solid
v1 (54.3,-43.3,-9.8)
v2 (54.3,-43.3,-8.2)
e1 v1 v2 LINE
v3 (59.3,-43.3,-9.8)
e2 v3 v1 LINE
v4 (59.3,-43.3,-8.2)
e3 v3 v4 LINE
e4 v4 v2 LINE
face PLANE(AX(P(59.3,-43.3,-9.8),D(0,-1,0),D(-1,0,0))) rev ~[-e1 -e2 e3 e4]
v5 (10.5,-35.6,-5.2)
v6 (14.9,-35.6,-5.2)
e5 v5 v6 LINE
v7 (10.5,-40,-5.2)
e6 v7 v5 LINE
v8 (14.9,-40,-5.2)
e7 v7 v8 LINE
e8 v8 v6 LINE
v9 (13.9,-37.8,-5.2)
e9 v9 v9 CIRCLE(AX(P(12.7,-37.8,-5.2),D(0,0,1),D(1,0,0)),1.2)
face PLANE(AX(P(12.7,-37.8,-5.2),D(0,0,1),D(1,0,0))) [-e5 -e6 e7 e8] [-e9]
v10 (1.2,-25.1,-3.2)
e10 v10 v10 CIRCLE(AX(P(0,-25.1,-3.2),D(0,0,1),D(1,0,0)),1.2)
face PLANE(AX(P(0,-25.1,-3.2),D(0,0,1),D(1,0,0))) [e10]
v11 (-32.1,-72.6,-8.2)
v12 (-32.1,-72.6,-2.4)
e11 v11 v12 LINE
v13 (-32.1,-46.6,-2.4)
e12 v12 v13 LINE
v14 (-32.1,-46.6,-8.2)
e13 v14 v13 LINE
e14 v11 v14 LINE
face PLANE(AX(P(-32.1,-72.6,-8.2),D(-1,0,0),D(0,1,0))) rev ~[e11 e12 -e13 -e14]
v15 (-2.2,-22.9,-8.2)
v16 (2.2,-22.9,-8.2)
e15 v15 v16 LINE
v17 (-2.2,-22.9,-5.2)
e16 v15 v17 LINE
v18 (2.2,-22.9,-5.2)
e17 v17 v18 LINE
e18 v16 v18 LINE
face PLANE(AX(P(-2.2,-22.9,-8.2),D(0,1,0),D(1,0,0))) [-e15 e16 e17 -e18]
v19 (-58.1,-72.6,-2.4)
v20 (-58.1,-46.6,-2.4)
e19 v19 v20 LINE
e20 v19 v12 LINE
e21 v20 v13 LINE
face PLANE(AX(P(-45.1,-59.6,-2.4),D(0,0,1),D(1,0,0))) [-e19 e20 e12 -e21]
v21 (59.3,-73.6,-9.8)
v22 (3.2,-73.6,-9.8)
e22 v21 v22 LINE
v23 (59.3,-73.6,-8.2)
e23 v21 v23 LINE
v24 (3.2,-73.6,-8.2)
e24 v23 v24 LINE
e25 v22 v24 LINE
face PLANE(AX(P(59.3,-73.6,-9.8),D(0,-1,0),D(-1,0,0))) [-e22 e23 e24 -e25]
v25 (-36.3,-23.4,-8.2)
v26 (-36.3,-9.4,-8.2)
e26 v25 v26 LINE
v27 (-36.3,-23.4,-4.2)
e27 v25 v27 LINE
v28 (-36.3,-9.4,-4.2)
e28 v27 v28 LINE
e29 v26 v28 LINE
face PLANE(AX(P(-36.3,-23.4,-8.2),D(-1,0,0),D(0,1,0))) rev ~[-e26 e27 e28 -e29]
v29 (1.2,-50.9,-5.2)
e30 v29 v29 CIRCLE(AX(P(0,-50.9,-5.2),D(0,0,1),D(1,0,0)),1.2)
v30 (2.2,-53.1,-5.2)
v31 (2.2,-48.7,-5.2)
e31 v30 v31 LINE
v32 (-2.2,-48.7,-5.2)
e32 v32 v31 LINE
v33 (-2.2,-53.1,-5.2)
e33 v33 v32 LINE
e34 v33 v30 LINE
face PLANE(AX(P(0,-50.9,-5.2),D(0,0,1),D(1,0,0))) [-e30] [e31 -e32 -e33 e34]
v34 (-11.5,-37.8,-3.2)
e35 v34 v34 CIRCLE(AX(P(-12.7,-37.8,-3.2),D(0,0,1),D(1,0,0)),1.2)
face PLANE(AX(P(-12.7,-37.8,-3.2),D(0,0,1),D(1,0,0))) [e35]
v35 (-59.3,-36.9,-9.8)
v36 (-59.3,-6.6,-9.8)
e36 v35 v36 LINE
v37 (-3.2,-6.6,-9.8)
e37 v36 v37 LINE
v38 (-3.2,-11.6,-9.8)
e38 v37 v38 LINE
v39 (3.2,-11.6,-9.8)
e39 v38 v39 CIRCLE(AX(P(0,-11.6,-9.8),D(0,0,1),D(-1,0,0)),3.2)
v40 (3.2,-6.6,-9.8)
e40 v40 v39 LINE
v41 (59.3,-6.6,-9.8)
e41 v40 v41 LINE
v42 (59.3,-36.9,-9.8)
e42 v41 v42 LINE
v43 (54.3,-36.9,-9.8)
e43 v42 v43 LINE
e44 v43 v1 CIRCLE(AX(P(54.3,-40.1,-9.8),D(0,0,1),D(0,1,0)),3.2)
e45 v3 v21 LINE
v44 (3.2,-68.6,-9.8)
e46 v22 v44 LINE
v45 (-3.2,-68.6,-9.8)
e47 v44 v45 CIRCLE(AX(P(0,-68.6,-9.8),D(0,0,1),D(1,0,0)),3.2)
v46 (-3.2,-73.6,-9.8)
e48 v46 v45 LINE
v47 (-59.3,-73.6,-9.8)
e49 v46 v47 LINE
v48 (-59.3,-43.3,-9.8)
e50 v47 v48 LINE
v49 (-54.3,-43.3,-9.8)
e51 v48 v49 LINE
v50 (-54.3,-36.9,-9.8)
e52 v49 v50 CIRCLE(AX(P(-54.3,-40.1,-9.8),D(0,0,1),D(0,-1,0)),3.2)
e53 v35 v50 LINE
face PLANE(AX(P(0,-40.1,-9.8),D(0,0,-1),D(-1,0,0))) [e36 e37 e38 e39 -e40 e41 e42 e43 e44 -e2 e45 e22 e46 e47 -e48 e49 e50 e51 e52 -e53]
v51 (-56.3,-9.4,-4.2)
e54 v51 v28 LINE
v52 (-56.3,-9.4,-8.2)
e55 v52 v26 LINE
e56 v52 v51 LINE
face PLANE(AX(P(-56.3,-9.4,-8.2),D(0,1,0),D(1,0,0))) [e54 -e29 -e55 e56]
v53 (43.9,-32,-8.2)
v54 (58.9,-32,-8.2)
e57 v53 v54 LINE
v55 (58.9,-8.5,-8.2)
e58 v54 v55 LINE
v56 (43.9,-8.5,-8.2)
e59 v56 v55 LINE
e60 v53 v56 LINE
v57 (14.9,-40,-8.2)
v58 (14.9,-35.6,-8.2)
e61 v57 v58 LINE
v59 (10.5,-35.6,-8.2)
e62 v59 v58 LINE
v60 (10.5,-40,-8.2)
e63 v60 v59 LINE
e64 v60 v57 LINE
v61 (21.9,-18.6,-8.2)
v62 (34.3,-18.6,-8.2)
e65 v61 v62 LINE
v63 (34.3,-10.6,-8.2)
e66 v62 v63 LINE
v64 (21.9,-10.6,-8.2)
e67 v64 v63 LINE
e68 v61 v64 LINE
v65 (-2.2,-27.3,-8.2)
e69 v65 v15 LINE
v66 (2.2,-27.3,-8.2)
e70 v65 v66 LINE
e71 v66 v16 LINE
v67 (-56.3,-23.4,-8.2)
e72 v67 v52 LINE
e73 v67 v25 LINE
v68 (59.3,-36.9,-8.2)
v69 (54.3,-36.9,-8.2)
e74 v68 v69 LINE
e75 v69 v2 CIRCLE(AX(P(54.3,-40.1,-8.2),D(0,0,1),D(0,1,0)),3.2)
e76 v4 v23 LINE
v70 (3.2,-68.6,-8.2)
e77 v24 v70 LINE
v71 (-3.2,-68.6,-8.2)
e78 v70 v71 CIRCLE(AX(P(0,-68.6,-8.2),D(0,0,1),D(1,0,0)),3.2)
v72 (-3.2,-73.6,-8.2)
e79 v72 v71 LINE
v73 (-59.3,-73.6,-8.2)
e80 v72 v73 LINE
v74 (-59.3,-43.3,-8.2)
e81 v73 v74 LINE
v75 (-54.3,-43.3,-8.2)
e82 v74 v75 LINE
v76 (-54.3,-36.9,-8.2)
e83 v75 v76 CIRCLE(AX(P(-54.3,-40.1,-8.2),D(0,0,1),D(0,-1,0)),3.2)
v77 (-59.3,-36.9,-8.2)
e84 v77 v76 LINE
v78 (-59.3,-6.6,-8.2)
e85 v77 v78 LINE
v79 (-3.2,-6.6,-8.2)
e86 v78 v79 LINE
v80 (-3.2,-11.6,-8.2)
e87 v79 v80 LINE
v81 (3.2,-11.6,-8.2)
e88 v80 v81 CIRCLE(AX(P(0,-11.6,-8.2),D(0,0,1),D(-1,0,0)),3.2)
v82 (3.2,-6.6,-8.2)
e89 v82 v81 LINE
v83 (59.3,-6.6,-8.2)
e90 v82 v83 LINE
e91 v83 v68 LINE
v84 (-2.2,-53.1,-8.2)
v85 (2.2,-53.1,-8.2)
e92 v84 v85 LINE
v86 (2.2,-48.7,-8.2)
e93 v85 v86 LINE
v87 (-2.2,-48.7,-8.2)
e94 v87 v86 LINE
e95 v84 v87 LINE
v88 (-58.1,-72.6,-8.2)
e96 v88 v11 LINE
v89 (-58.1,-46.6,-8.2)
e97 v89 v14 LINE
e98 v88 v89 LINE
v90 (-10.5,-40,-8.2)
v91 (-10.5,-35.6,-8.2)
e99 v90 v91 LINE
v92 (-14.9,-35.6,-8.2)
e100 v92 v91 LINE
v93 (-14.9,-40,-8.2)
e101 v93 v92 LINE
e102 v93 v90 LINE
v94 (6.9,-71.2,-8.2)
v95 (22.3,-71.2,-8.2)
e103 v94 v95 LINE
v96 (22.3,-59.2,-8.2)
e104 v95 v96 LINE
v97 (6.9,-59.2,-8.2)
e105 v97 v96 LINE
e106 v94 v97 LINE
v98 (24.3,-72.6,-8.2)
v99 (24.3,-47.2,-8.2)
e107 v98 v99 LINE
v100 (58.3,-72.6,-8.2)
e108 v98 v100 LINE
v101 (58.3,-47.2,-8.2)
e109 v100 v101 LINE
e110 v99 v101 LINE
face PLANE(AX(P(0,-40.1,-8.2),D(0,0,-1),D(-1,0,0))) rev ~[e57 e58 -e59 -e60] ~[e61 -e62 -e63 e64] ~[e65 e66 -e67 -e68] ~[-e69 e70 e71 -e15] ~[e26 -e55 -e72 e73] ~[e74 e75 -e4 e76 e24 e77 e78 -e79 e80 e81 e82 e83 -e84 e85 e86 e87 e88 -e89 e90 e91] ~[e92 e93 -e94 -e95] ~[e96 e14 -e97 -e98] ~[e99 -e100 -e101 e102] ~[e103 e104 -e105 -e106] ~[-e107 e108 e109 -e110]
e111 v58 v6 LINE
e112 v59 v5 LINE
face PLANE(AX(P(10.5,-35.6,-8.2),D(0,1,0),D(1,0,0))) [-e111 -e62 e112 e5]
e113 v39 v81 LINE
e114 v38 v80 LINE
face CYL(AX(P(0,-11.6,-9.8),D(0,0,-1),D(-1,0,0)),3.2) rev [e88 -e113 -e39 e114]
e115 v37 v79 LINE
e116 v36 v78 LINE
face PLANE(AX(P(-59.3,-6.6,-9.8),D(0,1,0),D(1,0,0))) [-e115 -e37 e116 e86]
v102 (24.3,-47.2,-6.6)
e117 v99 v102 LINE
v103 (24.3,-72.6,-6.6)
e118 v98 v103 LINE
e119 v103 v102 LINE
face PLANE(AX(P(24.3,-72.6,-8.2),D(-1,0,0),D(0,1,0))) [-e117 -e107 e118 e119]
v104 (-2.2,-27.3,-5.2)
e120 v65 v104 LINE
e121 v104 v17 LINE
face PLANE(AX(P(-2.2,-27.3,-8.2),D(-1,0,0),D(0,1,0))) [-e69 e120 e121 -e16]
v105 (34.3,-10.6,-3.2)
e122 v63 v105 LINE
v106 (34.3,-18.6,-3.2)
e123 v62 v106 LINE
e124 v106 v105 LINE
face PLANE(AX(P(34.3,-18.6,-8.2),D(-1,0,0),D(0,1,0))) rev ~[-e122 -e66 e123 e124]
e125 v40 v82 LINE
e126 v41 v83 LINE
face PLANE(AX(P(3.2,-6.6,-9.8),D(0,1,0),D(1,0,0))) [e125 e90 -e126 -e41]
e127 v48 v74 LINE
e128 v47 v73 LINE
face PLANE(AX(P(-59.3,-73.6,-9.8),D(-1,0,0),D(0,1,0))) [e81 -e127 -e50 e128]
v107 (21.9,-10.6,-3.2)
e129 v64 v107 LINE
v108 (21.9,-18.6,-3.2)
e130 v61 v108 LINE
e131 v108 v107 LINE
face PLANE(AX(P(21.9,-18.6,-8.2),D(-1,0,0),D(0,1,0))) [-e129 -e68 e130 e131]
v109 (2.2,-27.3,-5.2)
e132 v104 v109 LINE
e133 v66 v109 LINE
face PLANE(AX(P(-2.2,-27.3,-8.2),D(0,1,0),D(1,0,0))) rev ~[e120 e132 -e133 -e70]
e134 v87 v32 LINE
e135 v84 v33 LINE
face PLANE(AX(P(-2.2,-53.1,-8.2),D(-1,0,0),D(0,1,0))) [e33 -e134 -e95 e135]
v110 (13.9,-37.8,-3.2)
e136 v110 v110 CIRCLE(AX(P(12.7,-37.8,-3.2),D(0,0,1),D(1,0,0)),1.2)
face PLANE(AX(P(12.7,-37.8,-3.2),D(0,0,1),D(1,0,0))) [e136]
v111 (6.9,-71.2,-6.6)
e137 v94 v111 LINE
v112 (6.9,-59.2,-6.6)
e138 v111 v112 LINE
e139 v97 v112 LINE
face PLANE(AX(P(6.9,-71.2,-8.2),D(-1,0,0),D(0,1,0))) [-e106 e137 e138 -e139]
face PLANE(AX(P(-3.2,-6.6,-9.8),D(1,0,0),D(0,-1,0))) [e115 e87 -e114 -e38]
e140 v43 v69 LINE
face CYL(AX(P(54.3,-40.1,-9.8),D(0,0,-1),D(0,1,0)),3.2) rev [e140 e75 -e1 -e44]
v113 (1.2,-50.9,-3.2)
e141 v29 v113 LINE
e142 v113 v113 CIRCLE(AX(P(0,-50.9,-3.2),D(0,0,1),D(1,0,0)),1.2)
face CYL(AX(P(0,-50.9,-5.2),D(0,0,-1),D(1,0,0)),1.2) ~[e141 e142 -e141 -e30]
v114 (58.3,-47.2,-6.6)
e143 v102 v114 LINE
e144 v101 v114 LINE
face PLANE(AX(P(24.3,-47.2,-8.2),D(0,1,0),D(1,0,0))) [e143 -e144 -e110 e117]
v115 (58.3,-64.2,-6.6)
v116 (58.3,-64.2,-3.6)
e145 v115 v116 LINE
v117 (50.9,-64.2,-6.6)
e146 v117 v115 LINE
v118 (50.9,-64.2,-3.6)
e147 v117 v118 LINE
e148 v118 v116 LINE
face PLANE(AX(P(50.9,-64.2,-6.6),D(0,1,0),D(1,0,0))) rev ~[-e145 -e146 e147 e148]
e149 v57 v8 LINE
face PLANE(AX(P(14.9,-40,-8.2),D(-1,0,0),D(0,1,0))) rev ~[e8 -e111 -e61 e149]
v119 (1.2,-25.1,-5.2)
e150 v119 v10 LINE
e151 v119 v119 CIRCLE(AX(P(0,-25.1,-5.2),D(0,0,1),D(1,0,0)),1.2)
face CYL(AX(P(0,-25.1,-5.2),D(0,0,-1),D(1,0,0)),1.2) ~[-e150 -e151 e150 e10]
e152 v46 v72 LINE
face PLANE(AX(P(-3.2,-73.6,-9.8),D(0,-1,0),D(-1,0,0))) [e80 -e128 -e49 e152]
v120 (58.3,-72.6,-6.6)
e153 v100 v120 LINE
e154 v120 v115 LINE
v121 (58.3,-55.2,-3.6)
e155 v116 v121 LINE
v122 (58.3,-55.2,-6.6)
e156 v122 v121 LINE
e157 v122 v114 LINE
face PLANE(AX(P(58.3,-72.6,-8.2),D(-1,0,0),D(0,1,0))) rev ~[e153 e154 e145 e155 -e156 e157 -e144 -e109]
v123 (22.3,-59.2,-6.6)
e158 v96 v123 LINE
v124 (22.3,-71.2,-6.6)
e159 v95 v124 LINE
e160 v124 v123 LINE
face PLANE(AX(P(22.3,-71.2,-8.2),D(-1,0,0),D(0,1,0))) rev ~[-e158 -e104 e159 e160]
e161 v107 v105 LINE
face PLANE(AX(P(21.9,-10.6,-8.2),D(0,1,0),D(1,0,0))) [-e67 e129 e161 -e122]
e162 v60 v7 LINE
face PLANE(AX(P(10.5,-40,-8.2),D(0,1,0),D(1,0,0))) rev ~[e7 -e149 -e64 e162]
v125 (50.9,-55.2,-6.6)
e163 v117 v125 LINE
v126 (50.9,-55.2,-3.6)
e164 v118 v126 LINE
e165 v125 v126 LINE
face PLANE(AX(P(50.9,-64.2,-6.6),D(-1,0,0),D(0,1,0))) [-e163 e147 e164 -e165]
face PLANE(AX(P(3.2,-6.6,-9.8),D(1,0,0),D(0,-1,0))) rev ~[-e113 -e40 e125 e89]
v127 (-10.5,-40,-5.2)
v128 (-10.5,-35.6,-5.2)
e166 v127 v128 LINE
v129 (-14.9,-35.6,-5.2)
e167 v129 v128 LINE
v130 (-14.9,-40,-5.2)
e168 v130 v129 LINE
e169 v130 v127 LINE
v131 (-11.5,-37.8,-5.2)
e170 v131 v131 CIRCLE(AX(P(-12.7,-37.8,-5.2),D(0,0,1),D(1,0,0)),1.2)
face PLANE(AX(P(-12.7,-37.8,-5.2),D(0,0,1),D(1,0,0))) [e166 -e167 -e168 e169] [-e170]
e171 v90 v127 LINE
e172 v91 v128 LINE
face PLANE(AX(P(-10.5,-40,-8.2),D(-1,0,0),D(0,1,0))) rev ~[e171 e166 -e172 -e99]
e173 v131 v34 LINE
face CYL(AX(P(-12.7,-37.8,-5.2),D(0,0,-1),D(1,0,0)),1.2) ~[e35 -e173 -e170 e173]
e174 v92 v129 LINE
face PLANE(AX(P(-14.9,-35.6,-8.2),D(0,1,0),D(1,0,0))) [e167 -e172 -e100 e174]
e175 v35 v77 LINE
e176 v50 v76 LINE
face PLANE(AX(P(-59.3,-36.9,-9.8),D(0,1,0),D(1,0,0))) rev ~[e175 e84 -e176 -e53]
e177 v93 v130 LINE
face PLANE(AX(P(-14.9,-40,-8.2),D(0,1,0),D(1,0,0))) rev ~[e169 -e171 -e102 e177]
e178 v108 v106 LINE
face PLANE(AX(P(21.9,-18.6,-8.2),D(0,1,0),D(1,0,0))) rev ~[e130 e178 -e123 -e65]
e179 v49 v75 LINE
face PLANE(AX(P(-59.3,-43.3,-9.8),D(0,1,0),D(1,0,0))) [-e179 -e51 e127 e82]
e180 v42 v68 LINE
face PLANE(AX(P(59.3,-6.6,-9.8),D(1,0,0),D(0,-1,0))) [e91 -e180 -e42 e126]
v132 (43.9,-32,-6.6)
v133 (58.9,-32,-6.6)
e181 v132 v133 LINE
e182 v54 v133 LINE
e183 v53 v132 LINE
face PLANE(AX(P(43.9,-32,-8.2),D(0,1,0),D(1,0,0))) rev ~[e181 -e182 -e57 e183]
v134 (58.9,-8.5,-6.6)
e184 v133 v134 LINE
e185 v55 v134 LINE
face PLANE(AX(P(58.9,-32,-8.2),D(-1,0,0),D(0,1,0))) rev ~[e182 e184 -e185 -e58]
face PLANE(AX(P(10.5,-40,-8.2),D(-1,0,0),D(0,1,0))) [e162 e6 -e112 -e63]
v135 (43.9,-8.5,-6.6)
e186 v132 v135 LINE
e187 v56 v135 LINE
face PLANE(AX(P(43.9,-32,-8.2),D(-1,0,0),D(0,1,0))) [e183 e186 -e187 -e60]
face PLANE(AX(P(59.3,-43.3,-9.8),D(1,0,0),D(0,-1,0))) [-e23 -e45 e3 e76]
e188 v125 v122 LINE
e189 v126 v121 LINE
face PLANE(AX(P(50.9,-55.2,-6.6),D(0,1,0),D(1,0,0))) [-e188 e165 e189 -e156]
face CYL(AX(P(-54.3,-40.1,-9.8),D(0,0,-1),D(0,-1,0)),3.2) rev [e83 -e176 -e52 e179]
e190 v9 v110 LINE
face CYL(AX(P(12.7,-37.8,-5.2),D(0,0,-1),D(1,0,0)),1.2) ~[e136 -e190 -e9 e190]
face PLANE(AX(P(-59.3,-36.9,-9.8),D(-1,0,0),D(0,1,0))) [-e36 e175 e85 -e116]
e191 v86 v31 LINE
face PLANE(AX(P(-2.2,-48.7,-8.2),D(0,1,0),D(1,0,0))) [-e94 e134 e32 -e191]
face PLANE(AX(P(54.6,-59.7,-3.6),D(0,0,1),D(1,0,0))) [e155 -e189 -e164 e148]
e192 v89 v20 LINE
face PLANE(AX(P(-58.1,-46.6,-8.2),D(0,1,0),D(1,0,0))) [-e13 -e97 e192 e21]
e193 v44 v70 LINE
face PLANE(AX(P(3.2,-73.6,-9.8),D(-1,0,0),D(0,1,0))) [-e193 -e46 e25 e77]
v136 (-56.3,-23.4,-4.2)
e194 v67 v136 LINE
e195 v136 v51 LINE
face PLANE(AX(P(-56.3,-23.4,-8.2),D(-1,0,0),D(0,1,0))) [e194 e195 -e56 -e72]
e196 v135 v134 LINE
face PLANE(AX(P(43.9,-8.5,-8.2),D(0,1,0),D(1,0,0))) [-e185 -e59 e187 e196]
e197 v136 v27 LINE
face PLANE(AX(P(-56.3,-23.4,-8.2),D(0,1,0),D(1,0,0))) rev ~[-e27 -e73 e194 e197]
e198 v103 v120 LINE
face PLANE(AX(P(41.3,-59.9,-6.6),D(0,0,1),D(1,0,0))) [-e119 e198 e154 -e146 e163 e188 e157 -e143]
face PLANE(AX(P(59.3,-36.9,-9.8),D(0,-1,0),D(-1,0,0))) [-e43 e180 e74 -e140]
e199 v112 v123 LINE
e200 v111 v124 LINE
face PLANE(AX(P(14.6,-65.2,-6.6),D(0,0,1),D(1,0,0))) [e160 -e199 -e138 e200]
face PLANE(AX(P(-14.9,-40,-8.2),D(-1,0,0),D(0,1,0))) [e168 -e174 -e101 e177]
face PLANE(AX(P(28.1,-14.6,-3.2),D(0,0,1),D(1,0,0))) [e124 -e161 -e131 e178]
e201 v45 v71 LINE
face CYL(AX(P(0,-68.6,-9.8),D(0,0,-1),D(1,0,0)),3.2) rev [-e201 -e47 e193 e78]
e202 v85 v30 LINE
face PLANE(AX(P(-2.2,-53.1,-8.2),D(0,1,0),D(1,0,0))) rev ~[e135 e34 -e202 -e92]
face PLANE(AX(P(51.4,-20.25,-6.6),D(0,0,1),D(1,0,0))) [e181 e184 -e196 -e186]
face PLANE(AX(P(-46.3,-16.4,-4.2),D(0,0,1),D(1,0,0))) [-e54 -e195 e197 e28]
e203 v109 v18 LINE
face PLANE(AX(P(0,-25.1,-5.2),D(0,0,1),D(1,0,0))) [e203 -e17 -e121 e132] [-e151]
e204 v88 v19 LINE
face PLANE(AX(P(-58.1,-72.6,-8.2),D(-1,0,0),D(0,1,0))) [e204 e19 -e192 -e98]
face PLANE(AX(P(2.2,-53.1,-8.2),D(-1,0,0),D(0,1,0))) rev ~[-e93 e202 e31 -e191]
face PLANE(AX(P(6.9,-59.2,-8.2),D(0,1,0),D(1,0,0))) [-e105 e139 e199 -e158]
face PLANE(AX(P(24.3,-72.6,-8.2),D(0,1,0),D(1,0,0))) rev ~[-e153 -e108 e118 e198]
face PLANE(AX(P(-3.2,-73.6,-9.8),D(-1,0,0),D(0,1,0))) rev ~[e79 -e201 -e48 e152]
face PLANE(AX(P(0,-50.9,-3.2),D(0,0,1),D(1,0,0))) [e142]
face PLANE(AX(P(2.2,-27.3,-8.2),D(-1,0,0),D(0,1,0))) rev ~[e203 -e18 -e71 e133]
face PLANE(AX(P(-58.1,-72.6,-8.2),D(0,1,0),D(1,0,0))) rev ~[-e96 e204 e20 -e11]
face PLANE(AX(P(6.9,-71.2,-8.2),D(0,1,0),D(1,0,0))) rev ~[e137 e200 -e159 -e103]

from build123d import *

# Parameters (mm, degrees)
PAD010_DEPTH  = 1.6
SKETCH055_W   = 15.4
SKETCH055_H   = 12
SKETCH055_W_2 = 15
SKETCH055_H_2 = 23.5
SKETCH055_W_3 = 34
SKETCH055_H_3 = 25.4
PAD011_DEPTH  = 1.6
SKETCH056_W   = 26
SKETCH056_H   = 26
PAD012_DEPTH  = 5.8
SKETCH057_W   = 20
SKETCH057_H   = 14
PAD013_DEPTH  = 4
SKETCH058_W   = 12.4
SKETCH058_H   = 8
PAD014_DEPTH  = 5
SKETCH059_W   = 7.4
SKETCH059_H   = 9
PAD015_DEPTH  = 3
SKETCH060_W   = 4.4
SKETCH060_H   = 4.4
PAD016_DEPTH  = 3
SKETCH061_R   = 1.2
PAD017_DEPTH  = 2


with BuildPart() as part:
    # Sketch053 → Pad010 (new body)
    with BuildSketch(Plane.XY):
        with BuildLine():
            Line((-59.3, -6.6), (-3.2, -6.6))
            Line((-3.2, -6.6), (-3.2, -11.6))
            ThreePointArc((-3.2, -11.6), (0, -14.8), (3.2, -11.6))
            Line((3.2, -6.6), (3.2, -11.6))
            Line((3.2, -6.6), (59.3, -6.6))
            Line((59.3, -6.6), (59.3, -36.9))
            Line((59.3, -36.9), (54.3, -36.9))
            ThreePointArc((54.3, -36.9), (51.1, -40.1), (54.3, -43.3))
            Line((59.3, -43.3), (54.3, -43.3))
            Line((59.3, -43.3), (59.3, -73.6))
            Line((59.3, -73.6), (3.2, -73.6))
            Line((3.2, -73.6), (3.2, -68.6))
            ThreePointArc((3.2, -68.6), (0, -65.4), (-3.2, -68.6))
            Line((-3.2, -73.6), (-3.2, -68.6))
            Line((-3.2, -73.6), (-59.3, -73.6))
            Line((-59.3, -73.6), (-59.3, -43.3))
            Line((-59.3, -43.3), (-54.3, -43.3))
            ThreePointArc((-54.3, -43.3), (-51.1, -40.1), (-54.3, -36.9))
            Line((-59.3, -36.9), (-54.3, -36.9))
            Line((-59.3, -36.9), (-59.3, -6.6))
        make_face()
    extrude(amount=PAD010_DEPTH)

    # Sketch055 (on Face22 of Pad010) → Pad011 (join)
    with BuildSketch(Plane.XY.offset(1.6)):
        with Locations((14.6, -65.2)):
            Rectangle(SKETCH055_W, SKETCH055_H)
        with Locations((51.4, -20.25)):
            Rectangle(SKETCH055_W_2, SKETCH055_H_2)
        with Locations((41.3, -59.9)):
            Rectangle(SKETCH055_W_3, SKETCH055_H_3)
    extrude(amount=PAD011_DEPTH)

    # Sketch056 (on Face5 of Pad011) → Pad012 (join)
    with BuildSketch(Plane.XY.offset(1.6)):
        with Locations((-45.1, -59.6)):
            Rectangle(SKETCH056_W, SKETCH056_H)
    extrude(amount=PAD012_DEPTH)

    # Sketch057 (on Face5 of Pad012) → Pad013 (join)
    with BuildSketch(Plane.XY.offset(1.6)):
        with Locations((-46.3, -16.4)):
            Rectangle(SKETCH057_W, SKETCH057_H)
    extrude(amount=PAD013_DEPTH)

    # Sketch058 (on Face5 of Pad013) → Pad014 (join)
    with BuildSketch(Plane.XY.offset(1.6)):
        with Locations((28.1, -14.6)):
            Rectangle(SKETCH058_W, SKETCH058_H)
    extrude(amount=PAD014_DEPTH)

    # Sketch059 (on Face47 of Pad014) → Pad015 (join)
    with BuildSketch(Plane.XY.offset(3.2)):
        with Locations((54.6, -59.7)):
            Rectangle(SKETCH059_W, SKETCH059_H)
    extrude(amount=PAD015_DEPTH)

    # Sketch060 (on Face5 of Pad015) → Pad016 (join)
    with BuildSketch(Plane.XY.offset(1.6)):
        with Locations((-12.7, -37.8)):
            Rectangle(SKETCH060_W, SKETCH060_H)
        with Locations((0, -25.1)):
            Rectangle(SKETCH060_W, SKETCH060_H)
        with Locations((12.7, -37.8)):
            Rectangle(SKETCH060_W, SKETCH060_H)
        with Locations((0, -50.9)):
            Rectangle(SKETCH060_W, SKETCH060_H)
    extrude(amount=PAD016_DEPTH)

    # Sketch061 (on Face71 of Pad016) → Pad017 (join)
    with BuildSketch(Plane.XY.offset(4.6)):
        with Locations((-12.7, -37.8)):
            Circle(SKETCH061_R)
        with Locations((0, -25.1)):
            Circle(SKETCH061_R)
        with Locations((12.7, -37.8)):
            Circle(SKETCH061_R)
        with Locations((0, -50.9)):
            Circle(SKETCH061_R)
    extrude(amount=PAD017_DEPTH)


with BuildPart() as part_1:
    # Body008 placement: moved
    add(part.part.moved(Location((0, 0, -9.8))))


solid = part_1.part
